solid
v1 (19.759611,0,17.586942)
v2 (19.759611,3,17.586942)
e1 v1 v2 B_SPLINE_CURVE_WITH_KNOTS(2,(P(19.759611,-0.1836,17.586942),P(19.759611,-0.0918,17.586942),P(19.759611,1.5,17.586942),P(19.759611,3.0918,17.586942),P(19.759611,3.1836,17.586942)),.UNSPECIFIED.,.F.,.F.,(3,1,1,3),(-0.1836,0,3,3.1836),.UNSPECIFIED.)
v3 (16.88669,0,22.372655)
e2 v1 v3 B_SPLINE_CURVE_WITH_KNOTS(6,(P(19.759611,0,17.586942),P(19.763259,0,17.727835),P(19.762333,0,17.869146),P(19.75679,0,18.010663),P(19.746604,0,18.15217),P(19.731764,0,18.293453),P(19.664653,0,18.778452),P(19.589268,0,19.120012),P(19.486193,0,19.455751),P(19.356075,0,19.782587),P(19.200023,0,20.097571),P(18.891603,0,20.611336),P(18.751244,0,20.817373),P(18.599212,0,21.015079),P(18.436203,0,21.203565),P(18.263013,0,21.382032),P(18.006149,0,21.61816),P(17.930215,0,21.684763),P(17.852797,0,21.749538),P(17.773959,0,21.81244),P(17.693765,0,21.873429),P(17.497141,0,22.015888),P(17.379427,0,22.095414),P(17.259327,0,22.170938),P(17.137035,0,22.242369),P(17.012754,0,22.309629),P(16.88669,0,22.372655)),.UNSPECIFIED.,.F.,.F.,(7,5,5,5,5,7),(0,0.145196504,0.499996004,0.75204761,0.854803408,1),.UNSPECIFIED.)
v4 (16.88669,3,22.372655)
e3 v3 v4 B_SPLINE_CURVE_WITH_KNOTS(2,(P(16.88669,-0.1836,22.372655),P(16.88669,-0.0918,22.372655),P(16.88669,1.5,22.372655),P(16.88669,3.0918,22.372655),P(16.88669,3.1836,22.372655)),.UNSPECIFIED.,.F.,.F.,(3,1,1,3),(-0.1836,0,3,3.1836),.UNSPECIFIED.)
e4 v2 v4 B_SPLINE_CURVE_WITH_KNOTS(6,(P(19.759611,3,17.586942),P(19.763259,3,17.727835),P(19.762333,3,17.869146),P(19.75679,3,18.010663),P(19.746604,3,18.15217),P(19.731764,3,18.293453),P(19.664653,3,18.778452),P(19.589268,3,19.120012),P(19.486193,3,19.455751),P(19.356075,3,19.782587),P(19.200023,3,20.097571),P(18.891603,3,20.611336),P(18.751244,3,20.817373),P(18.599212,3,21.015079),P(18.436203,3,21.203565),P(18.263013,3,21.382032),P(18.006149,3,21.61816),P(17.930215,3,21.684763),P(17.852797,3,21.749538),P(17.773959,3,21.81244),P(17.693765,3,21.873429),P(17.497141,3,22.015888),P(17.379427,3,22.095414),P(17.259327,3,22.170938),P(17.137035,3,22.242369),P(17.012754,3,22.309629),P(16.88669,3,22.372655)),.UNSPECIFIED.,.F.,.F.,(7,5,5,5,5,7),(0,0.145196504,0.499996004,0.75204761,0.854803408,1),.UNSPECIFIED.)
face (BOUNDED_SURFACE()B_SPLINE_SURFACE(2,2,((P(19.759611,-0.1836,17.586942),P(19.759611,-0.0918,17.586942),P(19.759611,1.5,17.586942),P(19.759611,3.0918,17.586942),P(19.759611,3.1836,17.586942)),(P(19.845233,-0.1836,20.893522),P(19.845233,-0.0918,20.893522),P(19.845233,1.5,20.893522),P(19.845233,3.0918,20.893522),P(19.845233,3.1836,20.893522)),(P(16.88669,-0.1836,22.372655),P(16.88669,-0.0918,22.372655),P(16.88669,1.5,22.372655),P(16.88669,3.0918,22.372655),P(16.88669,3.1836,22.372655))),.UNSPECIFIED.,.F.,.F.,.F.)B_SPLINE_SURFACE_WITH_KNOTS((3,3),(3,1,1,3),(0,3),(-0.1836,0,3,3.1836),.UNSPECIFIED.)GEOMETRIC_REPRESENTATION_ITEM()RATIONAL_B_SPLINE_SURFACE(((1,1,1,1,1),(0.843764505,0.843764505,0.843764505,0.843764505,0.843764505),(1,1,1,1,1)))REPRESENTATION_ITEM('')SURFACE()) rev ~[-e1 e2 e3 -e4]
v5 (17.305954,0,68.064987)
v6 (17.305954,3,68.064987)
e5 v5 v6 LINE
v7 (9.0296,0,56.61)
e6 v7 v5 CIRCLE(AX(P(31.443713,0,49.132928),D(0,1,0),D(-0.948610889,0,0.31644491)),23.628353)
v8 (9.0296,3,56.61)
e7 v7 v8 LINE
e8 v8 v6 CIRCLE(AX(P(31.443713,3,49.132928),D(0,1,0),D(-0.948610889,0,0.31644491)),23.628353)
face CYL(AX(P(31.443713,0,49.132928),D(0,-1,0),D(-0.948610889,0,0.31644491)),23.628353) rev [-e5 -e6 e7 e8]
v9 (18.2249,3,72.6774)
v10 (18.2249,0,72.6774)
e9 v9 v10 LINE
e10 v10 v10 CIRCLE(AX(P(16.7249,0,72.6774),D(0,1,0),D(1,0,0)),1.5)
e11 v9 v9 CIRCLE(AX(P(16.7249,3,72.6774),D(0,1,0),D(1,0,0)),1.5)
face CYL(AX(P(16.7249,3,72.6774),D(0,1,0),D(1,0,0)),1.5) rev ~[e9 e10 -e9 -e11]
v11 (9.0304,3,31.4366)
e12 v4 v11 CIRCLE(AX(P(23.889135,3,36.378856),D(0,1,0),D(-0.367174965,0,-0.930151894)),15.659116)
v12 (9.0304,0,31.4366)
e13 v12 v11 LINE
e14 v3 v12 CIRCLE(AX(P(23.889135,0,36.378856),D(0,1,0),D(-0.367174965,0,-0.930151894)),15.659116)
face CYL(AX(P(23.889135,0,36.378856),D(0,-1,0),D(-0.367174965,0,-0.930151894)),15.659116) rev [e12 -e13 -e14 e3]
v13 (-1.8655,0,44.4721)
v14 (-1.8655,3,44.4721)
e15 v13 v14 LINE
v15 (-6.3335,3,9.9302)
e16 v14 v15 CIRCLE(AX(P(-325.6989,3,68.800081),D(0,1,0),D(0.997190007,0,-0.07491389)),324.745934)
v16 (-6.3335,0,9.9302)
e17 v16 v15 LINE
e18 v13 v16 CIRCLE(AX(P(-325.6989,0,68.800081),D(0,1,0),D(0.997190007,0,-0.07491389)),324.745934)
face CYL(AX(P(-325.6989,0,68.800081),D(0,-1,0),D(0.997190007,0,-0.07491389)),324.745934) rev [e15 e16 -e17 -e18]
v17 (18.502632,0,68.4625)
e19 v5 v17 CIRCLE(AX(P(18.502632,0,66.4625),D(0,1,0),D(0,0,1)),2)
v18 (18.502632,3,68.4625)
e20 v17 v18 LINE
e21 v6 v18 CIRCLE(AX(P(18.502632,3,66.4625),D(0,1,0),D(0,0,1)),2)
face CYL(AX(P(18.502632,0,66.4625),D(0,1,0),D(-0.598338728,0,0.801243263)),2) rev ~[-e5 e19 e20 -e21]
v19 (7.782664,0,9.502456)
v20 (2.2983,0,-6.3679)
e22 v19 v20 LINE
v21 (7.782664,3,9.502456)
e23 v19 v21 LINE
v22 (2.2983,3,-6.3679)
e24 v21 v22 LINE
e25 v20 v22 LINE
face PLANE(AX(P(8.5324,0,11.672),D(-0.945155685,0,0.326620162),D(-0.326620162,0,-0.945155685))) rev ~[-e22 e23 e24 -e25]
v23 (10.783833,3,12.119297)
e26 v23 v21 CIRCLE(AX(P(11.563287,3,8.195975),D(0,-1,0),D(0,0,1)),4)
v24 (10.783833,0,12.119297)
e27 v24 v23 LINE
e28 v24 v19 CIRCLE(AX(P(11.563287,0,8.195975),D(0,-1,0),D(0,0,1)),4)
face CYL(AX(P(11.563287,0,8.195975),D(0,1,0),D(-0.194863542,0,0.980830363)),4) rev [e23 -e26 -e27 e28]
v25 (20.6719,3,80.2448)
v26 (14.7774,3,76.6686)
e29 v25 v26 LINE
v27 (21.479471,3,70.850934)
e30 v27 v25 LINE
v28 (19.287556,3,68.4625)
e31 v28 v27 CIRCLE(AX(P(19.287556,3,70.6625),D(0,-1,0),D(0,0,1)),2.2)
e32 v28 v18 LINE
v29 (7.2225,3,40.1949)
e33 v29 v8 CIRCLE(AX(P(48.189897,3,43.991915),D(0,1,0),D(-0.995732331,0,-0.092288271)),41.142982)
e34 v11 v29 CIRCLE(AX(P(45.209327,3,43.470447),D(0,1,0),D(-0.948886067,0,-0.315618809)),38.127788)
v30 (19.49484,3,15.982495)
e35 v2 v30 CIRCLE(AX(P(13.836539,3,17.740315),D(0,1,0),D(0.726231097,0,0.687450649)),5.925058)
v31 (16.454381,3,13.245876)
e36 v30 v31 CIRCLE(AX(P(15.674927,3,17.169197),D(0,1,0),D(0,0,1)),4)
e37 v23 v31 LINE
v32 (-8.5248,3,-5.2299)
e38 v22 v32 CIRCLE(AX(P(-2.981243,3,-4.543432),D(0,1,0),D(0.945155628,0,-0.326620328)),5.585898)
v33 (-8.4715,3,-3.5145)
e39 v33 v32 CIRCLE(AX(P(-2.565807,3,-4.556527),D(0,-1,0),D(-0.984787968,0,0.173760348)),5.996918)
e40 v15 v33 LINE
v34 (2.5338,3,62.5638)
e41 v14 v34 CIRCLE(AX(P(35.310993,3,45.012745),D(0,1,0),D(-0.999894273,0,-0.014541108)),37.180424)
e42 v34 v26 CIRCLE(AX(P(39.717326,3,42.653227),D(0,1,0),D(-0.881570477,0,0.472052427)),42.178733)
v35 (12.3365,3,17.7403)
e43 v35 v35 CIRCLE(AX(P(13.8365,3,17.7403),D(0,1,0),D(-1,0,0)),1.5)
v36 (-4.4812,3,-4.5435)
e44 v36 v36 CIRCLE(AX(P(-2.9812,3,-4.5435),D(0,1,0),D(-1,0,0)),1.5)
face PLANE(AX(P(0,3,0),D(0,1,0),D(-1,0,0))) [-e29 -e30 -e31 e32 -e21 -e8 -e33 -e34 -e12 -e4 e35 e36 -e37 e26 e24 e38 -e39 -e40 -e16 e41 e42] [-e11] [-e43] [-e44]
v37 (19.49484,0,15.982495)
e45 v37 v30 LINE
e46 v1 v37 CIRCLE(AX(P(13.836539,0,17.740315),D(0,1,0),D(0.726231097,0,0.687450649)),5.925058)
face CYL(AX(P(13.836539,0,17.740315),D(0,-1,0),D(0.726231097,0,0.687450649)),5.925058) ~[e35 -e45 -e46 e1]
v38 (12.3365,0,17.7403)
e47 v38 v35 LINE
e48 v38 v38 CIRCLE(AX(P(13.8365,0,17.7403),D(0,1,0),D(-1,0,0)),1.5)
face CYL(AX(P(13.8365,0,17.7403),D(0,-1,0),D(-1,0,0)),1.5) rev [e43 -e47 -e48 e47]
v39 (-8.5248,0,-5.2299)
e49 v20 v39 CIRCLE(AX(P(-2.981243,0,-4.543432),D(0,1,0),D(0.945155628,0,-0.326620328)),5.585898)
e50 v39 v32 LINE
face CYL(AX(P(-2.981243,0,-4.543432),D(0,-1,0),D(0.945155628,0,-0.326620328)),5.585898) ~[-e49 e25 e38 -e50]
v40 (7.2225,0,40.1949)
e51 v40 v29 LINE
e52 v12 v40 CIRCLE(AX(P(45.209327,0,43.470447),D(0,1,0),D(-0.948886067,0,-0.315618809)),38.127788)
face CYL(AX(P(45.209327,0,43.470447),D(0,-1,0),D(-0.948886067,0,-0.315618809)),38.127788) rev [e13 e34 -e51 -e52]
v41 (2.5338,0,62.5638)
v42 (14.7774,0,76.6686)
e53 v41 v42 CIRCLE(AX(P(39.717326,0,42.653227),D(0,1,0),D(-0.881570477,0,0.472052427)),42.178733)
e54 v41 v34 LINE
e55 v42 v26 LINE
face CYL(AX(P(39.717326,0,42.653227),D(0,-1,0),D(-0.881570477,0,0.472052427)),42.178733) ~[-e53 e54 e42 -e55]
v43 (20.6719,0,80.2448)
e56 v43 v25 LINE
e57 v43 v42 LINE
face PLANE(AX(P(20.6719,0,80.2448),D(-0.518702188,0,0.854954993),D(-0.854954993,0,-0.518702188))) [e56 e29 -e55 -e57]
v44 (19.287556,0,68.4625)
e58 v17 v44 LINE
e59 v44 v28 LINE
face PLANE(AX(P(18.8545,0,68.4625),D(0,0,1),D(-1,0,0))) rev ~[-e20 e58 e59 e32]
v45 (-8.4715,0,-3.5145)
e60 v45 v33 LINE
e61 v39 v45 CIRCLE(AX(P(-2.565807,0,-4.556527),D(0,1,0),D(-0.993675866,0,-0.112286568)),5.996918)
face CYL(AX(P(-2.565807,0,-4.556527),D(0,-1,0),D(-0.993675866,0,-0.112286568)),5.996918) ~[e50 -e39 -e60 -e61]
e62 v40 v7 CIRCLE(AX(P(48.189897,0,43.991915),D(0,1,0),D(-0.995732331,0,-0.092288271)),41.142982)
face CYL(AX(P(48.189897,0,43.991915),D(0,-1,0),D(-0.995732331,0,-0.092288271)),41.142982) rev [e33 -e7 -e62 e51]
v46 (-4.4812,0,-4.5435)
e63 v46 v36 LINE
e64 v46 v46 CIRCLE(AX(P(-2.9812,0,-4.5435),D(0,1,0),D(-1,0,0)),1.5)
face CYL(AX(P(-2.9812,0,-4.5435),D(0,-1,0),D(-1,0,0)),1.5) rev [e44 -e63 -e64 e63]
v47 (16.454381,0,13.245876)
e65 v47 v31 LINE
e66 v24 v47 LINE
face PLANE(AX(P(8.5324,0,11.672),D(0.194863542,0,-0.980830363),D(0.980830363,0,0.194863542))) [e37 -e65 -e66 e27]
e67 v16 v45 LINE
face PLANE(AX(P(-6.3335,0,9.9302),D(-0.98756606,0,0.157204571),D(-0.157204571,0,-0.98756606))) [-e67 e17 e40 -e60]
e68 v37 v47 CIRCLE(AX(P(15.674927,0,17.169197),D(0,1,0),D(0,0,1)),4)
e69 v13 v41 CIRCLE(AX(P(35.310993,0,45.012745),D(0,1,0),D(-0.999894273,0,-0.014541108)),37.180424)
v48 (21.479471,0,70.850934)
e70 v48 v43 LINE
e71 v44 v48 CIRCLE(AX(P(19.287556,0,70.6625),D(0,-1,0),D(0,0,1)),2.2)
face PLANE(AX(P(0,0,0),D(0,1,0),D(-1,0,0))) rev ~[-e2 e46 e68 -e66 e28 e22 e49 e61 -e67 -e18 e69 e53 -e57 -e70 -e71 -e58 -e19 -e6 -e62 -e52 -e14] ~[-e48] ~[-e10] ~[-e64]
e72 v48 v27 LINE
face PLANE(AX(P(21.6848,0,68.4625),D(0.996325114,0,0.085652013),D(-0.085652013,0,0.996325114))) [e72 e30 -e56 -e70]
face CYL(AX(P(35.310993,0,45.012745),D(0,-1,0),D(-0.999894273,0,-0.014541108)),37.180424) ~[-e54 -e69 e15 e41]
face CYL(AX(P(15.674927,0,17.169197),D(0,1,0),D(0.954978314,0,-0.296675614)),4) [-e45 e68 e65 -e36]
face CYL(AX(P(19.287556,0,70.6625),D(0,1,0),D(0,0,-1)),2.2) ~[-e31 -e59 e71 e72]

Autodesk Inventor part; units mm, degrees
ref_plane "YZ Plane" through (0, 0, 0) normal (1, 0, 0) x (0, 1, 0)
ref_plane "XZ Plane" through (0, 0, 0) normal (0, 1, 0) x (-1, 0, 0)
ref_plane "XY Plane" through (0, 0, 0) normal (0, 0, 1) x (1, 0, 0)
sketch "Sketch4" plane through (0, 0, 0) normal (0, 1, 0) x (-1, 0, 0)
  arc A0 (8.5248, -5.2299) -> (8.4715, -3.5145) centre (2.5627, -4.5564) ccw
  circle A1 centre (-13.8365, 17.7403) radius 1.5
  circle A2 centre (2.9812, -4.5435) radius 1.5
  arc A3 (-18.1395, 21.8135) -> (-18.0355, 13.56) centre (-13.8365, 17.7403) ccw
  arc A4 (-9.0304, 31.4366) -> (-7.2225, 40.1949) centre (-45.2058, 43.4695) ccw
  arc A5 (-18.1395, 21.8135) -> (-9.0304, 31.4366) centre (-23.8893, 36.3791) ccw
  line L0 (6.3335, 9.9302) -> (8.4977, -3.6654)
  circle A6 centre (-16.5155, 72.4101) radius 3.2
  line L1 (-20.6719, 80.2448) -> (-14.7774, 76.6686)
  arc A7 (-2.5338, 62.5638) -> (-14.7774, 76.6686) centre (-39.7178, 42.6529) ccw
  arc A8 (1.8655, 44.4721) -> (-2.5338, 62.5638) centre (-35.3105, 45.0128) ccw
  arc A9 (1.8655, 44.4721) -> (6.3335, 9.9302) centre (325.703, 68.8005) ccw
  line L2 (-21.6848, 68.4625) -> (-20.6719, 80.2448)
  line L3 (-18.8545, 68.4625) -> (-21.6848, 68.4625)
  line L4 (-18.8545, 68.4625) -> (-17.8545, 68.4625)
  arc A10 (-9.0296, 56.61) -> (-17.8545, 68.4625) centre (-31.443, 49.1333) ccw
  arc A11 (-7.2225, 40.1949) -> (-9.0296, 56.61) centre (-48.1916, 43.9919) ccw
  line L5 (-8.5324, 11.672) -> (-2.2983, -6.3679)
  line L6 (-8.5324, 11.672) -> (-18.0355, 13.56)
  arc A12 (8.4977, -3.6654) -> (8.4715, -3.5145) centre (2.9812, -4.5435) ccw
  arc A13 (-2.2983, -6.3679) -> (8.5248, -5.2299) centre (2.9812, -4.5435) ccw
  arc A14 (8.4977, -3.6654) -> (8.4715, -3.5145) centre (2.9812, -4.5435) ccw
  point P0 (0, 0)
  point P1 (-5.4967, 17.4778)
  point P2 (-7.3422, 22.2297)
  point P3 (-8.8923, 40.8853)
  point P4 (7.4044, -1.132)
  point P5 (0, 0)
  dimension "d11" = 3
  dimension "d23" = 6.4
extrude "Extrusion4" add sketch "Sketch4" along normal blind 3 contours A13 L5 L6 A3 A5 A4 A11 A10 L4 L3 L2 L1 A7 A8 A9 L0 A0 | A6
fillet "Fillet5" radius 5.2 1 edges at (18.1395, 1.5, 21.8135)
fillet "Fillet6" radius 2 1 edges at (17.8545, 1.5, 68.4625)
fillet "Fillet8" radius 2.2 1 edges at (21.6848, 1.5, 68.4625)
sketch "Sketch7" plane through (0, 3, 0) normal (0, 1, 0) x (1, 0, 0)
  circle A0 centre (16.7249, -72.6774) radius 1.5
  dimension "d31" = 3
extrude "Extrusion7" cut sketch "Sketch7" against normal through all
fillet "Fillet9" radius 4 1 edges at (18.0355, 1.5, 13.56)
fillet "Fillet10" radius 4 1 edges at (8.5324, 1.5, 11.672)
properties part number "claw2" material "ABS Plastic"
